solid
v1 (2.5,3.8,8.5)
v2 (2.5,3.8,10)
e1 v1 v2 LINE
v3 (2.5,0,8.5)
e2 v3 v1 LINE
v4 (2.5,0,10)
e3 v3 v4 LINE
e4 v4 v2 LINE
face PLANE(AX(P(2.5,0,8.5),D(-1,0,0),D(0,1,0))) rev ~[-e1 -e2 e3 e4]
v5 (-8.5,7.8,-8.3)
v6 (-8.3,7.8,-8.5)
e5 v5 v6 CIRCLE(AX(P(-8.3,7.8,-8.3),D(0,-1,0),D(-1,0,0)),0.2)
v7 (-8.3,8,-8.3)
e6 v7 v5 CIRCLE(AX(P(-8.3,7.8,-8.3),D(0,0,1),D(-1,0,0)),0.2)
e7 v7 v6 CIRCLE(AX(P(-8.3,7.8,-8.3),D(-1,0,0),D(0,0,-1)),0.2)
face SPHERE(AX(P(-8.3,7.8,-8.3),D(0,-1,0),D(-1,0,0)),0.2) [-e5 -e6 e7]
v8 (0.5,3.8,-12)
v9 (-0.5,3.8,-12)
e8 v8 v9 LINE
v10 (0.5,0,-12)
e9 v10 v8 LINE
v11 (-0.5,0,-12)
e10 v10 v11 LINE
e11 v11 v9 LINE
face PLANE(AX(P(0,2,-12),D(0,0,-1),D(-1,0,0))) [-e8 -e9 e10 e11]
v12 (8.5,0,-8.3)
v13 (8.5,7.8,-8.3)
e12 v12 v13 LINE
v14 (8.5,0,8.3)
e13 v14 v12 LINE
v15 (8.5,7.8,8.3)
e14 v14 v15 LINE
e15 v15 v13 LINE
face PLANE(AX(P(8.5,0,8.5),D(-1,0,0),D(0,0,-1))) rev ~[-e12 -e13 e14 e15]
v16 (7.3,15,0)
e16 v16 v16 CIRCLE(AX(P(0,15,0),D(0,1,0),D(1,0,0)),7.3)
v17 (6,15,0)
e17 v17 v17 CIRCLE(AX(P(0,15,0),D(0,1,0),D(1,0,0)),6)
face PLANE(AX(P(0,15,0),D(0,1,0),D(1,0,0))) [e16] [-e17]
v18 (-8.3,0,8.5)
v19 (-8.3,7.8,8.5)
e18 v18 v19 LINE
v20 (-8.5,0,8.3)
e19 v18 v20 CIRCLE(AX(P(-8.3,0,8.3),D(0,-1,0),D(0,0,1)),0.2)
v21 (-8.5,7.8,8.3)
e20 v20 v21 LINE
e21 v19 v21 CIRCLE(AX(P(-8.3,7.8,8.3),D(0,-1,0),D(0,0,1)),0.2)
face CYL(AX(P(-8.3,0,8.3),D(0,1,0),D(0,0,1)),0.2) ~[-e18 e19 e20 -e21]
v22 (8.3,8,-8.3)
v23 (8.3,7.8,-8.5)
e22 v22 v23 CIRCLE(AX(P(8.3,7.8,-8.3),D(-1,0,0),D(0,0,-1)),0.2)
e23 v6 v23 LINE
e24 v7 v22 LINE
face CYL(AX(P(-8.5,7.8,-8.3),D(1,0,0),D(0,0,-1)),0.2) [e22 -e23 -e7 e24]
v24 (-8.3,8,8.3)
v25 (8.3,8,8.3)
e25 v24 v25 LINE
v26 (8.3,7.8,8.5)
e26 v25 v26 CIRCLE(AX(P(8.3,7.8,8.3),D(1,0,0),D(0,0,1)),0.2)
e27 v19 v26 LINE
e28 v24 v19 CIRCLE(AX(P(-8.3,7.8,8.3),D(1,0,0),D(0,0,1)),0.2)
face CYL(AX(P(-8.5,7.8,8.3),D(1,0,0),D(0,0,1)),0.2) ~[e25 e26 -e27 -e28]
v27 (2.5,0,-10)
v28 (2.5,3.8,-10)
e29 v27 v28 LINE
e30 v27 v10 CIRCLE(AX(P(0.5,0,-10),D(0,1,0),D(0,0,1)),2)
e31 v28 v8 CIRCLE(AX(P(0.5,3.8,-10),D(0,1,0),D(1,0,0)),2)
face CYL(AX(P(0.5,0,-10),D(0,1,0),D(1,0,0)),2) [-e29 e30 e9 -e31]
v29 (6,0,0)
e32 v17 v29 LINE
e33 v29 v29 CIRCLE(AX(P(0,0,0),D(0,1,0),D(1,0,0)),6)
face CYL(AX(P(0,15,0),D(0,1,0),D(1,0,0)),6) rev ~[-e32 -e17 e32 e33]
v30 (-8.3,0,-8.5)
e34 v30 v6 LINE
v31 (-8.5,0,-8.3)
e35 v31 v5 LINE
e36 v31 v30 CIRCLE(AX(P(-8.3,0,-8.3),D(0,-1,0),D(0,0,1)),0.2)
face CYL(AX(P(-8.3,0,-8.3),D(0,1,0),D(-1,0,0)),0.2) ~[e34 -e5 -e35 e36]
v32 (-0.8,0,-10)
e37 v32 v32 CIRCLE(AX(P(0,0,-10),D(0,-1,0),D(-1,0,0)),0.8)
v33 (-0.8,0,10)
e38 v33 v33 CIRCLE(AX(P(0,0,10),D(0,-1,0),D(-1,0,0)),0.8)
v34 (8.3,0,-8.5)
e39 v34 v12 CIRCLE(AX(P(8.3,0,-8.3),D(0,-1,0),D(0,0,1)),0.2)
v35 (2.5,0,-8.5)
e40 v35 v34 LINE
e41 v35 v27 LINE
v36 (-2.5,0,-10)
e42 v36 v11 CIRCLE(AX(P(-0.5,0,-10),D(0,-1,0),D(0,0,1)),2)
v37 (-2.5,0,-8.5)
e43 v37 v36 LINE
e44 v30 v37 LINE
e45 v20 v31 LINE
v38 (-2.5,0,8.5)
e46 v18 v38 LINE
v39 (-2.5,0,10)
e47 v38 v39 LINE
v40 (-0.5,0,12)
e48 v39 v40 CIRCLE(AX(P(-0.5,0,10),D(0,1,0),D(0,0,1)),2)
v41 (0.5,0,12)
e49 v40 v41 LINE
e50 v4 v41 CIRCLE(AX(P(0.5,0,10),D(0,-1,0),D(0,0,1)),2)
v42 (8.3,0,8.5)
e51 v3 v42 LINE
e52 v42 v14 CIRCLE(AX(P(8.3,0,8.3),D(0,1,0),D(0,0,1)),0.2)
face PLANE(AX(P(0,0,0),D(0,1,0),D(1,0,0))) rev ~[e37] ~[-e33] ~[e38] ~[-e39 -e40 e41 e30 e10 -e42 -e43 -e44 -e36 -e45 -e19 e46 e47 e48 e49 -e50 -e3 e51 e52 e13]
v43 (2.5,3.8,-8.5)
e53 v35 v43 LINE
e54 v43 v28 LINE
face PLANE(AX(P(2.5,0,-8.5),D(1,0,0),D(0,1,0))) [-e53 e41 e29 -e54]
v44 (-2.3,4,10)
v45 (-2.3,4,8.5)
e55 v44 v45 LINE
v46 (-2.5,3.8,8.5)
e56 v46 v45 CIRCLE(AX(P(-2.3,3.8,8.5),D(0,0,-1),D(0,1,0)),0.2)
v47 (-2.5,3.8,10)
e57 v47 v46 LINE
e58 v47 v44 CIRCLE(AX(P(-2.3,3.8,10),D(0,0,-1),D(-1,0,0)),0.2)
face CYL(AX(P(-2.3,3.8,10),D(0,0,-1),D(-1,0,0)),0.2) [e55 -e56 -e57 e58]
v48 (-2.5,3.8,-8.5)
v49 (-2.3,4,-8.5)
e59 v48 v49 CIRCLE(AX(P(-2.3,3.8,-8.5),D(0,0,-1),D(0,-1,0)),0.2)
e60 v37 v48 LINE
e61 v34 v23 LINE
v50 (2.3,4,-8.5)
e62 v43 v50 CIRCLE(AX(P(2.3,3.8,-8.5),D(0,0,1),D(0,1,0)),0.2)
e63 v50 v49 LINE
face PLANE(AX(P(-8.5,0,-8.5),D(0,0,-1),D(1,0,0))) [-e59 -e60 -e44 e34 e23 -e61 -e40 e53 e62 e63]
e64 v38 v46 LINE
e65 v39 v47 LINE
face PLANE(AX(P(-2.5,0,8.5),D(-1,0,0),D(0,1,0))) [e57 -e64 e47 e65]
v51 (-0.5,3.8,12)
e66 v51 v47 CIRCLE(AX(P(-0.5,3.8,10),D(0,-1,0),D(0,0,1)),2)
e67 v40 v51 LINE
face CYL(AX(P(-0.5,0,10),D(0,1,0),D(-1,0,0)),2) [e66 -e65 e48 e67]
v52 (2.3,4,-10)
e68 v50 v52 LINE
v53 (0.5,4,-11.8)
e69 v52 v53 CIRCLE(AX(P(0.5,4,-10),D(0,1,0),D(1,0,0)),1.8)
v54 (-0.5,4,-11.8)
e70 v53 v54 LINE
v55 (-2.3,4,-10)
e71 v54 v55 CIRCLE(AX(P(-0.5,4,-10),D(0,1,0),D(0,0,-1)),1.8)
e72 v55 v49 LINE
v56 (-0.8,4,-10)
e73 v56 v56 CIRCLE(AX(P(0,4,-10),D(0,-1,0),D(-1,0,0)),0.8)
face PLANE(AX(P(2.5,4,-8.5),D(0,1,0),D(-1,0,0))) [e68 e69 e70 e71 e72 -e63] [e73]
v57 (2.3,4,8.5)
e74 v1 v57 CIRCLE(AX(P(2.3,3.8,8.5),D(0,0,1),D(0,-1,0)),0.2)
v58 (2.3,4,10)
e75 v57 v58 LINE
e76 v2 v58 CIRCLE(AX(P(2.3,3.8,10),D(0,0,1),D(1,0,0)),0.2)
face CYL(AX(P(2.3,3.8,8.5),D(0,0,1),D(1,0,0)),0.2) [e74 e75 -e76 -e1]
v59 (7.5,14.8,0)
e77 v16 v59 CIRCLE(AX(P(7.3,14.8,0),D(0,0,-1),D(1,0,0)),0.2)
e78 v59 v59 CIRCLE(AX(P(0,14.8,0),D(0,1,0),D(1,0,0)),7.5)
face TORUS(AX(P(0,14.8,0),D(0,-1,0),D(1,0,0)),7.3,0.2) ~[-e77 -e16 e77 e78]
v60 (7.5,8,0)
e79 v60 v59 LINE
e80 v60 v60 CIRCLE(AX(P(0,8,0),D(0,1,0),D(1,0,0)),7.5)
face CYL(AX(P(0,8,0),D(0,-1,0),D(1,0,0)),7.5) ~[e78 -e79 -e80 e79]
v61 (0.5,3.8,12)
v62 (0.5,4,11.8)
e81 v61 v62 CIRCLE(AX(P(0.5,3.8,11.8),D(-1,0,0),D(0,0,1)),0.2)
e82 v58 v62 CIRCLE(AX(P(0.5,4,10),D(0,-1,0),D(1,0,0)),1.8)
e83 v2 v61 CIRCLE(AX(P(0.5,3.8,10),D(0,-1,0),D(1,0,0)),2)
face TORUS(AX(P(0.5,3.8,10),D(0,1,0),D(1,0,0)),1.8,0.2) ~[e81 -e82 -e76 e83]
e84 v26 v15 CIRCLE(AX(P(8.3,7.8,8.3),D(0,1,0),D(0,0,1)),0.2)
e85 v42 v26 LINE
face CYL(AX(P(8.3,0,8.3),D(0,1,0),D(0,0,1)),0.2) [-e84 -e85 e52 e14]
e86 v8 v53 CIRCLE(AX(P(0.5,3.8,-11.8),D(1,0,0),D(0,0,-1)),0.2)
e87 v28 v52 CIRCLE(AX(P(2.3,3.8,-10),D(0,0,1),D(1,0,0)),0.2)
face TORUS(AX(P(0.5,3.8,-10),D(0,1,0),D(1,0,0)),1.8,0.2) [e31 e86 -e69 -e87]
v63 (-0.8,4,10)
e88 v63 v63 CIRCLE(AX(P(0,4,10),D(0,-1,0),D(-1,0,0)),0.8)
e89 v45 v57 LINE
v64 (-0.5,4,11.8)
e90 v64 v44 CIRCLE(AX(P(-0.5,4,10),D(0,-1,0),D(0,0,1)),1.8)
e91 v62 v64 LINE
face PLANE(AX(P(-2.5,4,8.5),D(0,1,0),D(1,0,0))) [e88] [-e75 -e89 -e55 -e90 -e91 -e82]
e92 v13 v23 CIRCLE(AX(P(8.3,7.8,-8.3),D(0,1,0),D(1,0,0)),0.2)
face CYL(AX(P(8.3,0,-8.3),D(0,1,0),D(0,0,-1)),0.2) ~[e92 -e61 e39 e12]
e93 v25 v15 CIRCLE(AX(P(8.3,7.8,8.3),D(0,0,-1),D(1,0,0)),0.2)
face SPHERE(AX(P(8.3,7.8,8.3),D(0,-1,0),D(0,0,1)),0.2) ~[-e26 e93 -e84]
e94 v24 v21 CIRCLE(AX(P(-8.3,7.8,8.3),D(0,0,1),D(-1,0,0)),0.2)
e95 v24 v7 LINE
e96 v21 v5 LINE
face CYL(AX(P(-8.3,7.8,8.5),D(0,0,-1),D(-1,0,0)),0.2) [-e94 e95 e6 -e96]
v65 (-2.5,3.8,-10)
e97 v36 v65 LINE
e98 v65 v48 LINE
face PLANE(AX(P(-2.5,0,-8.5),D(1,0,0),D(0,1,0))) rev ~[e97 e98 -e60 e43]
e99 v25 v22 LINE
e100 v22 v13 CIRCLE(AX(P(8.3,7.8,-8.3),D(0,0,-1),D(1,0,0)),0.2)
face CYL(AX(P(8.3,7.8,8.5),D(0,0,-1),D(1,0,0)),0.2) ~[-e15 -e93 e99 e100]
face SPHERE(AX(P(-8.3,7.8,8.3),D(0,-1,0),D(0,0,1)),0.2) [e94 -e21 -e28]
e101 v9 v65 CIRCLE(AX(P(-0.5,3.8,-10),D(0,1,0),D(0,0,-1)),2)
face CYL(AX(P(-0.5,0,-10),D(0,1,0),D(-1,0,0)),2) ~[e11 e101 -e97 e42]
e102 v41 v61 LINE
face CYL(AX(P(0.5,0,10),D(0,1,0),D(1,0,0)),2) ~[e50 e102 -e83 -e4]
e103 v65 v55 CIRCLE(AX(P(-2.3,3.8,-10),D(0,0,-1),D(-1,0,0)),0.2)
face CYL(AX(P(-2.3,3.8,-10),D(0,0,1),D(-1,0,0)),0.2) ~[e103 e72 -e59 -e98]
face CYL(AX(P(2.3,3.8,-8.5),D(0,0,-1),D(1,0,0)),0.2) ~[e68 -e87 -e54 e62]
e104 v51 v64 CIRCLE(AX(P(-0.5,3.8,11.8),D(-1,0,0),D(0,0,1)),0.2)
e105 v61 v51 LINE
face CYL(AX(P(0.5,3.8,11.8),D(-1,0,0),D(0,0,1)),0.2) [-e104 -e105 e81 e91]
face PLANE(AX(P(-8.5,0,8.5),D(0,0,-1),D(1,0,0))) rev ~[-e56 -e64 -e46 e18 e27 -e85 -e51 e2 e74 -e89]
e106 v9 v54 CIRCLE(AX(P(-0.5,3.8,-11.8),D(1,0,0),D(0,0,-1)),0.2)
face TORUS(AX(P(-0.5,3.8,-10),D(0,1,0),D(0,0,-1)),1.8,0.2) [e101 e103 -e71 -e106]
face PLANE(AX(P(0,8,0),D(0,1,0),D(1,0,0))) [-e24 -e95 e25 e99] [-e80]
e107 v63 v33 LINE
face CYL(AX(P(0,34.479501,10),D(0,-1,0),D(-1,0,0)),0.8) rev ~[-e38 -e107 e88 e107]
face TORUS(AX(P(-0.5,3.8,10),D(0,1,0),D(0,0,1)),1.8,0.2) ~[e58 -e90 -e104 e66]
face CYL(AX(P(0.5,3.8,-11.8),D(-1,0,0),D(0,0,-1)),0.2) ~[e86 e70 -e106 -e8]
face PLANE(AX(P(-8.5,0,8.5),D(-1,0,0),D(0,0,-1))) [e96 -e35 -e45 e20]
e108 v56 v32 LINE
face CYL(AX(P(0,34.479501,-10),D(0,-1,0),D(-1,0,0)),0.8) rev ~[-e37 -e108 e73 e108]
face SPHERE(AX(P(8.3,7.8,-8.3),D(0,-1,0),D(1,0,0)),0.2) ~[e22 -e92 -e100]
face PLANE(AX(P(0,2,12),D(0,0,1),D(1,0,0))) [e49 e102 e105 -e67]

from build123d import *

# Parameters (mm, degrees)
SKETCH1_W             = 17
SKETCH1_H             = 17
BOSS_EXTRUDE1_DEPTH   = 8
SKETCH2_W             = 5
SKETCH2_H             = 4
BOSS_EXTRUDE2_DEPTH   = 3.5
SKETCH3_W             = 5
SKETCH3_H             = 4
BOSS_EXTRUDE3_DEPTH   = 3.5
M2X0_4_TAPPED_HOLE1_D = 1.6
FILLET1_R             = 2
SKETCH8_R             = 7.5
BOSS_EXTRUDE4_DEPTH   = 7
SKETCH9_R             = 6
CUT_EXTRUDE1_DEPTH    = 16
FILLET2_R             = 0.2


with BuildPart() as part:
    # Sketch1 → Boss-Extrude1 (new body)
    with BuildSketch(Plane(origin=(0, 0, 0), x_dir=(1, 0, 0), z_dir=(0, 1, 0))):
        Rectangle(SKETCH1_W, SKETCH1_H)
    extrude(amount=BOSS_EXTRUDE1_DEPTH)

    # Sketch2 → Boss-Extrude2 (add)
    with BuildSketch(Plane.XY.offset(8.5)):
        with Locations((0, 2)):
            Rectangle(SKETCH2_W, SKETCH2_H)
    extrude(amount=BOSS_EXTRUDE2_DEPTH)

    # Sketch3 → Boss-Extrude3 (add)
    with BuildSketch(Plane(origin=(0, 0, -8.5), x_dir=(-1, 0, 0), z_dir=(0, 0, -1))):
        with Locations((0, 2)):
            Rectangle(SKETCH3_W, SKETCH3_H)
    extrude(amount=BOSS_EXTRUDE3_DEPTH)

    # M2x0.4 Tapped Hole1 (through all)
    with Locations(Plane(origin=(0, 4, 0), x_dir=(1, 0, 0), z_dir=(0, 1, 0))):
        with Locations((0, -10), (0, 10)):
            Hole(M2X0_4_TAPPED_HOLE1_D / 2)

    # Fillet1
    fillet1_edges = [part.edges().sort_by_distance(p)[0] for p in [
        (-2.5, 2, 12),
        (2.5, 2, 12),
        (-2.5, 2, -12),
        (2.5, 2, -12),
    ]]
    fillet(fillet1_edges, radius=FILLET1_R)

    # Sketch8 → Boss-Extrude4 (add)
    with BuildSketch(Plane(origin=(0, 8, 0), x_dir=(1, 0, 0), z_dir=(0, 1, 0))):
        Circle(SKETCH8_R)
    extrude(amount=BOSS_EXTRUDE4_DEPTH)

    # Sketch9 → Cut-Extrude1 (cut, through all)
    with BuildSketch(Plane(origin=(0, 15, 0), x_dir=(1, 0, 0), z_dir=(0, 1, 0))):
        Circle(SKETCH9_R)
    extrude(amount=-CUT_EXTRUDE1_DEPTH, mode=Mode.SUBTRACT)

    # Fillet2
    fillet2_edges = [part.edges().sort_by_distance(p)[0] for p in [
        (-7.5, 15, 0),
        (8.5, 4, 8.5),
        (8.5, 4, -8.5),
        (-8.5, 4, 8.5),
        (-8.5, 4, -8.5),
        (2.5, 4, 9.25),
        (1.914213562, 4, 11.414213562),
        (-1.914213562, 4, 11.414213562),
        (-2.5, 4, 9.25),
        (0, 8, 8.5),
        (8.5, 8, 0),
        (-8.5, 8, 0),
        (0, 8, -8.5),
        (2.5, 4, -9.25),
        (1.914213562, 4, -11.414213562),
        (-1.914213562, 4, -11.414213562),
        (-2.5, 4, -9.25),
        (0, 4, 12),
        (0, 4, -12),
    ]]
    fillet(fillet2_edges, radius=FILLET2_R)


solid = part.part
